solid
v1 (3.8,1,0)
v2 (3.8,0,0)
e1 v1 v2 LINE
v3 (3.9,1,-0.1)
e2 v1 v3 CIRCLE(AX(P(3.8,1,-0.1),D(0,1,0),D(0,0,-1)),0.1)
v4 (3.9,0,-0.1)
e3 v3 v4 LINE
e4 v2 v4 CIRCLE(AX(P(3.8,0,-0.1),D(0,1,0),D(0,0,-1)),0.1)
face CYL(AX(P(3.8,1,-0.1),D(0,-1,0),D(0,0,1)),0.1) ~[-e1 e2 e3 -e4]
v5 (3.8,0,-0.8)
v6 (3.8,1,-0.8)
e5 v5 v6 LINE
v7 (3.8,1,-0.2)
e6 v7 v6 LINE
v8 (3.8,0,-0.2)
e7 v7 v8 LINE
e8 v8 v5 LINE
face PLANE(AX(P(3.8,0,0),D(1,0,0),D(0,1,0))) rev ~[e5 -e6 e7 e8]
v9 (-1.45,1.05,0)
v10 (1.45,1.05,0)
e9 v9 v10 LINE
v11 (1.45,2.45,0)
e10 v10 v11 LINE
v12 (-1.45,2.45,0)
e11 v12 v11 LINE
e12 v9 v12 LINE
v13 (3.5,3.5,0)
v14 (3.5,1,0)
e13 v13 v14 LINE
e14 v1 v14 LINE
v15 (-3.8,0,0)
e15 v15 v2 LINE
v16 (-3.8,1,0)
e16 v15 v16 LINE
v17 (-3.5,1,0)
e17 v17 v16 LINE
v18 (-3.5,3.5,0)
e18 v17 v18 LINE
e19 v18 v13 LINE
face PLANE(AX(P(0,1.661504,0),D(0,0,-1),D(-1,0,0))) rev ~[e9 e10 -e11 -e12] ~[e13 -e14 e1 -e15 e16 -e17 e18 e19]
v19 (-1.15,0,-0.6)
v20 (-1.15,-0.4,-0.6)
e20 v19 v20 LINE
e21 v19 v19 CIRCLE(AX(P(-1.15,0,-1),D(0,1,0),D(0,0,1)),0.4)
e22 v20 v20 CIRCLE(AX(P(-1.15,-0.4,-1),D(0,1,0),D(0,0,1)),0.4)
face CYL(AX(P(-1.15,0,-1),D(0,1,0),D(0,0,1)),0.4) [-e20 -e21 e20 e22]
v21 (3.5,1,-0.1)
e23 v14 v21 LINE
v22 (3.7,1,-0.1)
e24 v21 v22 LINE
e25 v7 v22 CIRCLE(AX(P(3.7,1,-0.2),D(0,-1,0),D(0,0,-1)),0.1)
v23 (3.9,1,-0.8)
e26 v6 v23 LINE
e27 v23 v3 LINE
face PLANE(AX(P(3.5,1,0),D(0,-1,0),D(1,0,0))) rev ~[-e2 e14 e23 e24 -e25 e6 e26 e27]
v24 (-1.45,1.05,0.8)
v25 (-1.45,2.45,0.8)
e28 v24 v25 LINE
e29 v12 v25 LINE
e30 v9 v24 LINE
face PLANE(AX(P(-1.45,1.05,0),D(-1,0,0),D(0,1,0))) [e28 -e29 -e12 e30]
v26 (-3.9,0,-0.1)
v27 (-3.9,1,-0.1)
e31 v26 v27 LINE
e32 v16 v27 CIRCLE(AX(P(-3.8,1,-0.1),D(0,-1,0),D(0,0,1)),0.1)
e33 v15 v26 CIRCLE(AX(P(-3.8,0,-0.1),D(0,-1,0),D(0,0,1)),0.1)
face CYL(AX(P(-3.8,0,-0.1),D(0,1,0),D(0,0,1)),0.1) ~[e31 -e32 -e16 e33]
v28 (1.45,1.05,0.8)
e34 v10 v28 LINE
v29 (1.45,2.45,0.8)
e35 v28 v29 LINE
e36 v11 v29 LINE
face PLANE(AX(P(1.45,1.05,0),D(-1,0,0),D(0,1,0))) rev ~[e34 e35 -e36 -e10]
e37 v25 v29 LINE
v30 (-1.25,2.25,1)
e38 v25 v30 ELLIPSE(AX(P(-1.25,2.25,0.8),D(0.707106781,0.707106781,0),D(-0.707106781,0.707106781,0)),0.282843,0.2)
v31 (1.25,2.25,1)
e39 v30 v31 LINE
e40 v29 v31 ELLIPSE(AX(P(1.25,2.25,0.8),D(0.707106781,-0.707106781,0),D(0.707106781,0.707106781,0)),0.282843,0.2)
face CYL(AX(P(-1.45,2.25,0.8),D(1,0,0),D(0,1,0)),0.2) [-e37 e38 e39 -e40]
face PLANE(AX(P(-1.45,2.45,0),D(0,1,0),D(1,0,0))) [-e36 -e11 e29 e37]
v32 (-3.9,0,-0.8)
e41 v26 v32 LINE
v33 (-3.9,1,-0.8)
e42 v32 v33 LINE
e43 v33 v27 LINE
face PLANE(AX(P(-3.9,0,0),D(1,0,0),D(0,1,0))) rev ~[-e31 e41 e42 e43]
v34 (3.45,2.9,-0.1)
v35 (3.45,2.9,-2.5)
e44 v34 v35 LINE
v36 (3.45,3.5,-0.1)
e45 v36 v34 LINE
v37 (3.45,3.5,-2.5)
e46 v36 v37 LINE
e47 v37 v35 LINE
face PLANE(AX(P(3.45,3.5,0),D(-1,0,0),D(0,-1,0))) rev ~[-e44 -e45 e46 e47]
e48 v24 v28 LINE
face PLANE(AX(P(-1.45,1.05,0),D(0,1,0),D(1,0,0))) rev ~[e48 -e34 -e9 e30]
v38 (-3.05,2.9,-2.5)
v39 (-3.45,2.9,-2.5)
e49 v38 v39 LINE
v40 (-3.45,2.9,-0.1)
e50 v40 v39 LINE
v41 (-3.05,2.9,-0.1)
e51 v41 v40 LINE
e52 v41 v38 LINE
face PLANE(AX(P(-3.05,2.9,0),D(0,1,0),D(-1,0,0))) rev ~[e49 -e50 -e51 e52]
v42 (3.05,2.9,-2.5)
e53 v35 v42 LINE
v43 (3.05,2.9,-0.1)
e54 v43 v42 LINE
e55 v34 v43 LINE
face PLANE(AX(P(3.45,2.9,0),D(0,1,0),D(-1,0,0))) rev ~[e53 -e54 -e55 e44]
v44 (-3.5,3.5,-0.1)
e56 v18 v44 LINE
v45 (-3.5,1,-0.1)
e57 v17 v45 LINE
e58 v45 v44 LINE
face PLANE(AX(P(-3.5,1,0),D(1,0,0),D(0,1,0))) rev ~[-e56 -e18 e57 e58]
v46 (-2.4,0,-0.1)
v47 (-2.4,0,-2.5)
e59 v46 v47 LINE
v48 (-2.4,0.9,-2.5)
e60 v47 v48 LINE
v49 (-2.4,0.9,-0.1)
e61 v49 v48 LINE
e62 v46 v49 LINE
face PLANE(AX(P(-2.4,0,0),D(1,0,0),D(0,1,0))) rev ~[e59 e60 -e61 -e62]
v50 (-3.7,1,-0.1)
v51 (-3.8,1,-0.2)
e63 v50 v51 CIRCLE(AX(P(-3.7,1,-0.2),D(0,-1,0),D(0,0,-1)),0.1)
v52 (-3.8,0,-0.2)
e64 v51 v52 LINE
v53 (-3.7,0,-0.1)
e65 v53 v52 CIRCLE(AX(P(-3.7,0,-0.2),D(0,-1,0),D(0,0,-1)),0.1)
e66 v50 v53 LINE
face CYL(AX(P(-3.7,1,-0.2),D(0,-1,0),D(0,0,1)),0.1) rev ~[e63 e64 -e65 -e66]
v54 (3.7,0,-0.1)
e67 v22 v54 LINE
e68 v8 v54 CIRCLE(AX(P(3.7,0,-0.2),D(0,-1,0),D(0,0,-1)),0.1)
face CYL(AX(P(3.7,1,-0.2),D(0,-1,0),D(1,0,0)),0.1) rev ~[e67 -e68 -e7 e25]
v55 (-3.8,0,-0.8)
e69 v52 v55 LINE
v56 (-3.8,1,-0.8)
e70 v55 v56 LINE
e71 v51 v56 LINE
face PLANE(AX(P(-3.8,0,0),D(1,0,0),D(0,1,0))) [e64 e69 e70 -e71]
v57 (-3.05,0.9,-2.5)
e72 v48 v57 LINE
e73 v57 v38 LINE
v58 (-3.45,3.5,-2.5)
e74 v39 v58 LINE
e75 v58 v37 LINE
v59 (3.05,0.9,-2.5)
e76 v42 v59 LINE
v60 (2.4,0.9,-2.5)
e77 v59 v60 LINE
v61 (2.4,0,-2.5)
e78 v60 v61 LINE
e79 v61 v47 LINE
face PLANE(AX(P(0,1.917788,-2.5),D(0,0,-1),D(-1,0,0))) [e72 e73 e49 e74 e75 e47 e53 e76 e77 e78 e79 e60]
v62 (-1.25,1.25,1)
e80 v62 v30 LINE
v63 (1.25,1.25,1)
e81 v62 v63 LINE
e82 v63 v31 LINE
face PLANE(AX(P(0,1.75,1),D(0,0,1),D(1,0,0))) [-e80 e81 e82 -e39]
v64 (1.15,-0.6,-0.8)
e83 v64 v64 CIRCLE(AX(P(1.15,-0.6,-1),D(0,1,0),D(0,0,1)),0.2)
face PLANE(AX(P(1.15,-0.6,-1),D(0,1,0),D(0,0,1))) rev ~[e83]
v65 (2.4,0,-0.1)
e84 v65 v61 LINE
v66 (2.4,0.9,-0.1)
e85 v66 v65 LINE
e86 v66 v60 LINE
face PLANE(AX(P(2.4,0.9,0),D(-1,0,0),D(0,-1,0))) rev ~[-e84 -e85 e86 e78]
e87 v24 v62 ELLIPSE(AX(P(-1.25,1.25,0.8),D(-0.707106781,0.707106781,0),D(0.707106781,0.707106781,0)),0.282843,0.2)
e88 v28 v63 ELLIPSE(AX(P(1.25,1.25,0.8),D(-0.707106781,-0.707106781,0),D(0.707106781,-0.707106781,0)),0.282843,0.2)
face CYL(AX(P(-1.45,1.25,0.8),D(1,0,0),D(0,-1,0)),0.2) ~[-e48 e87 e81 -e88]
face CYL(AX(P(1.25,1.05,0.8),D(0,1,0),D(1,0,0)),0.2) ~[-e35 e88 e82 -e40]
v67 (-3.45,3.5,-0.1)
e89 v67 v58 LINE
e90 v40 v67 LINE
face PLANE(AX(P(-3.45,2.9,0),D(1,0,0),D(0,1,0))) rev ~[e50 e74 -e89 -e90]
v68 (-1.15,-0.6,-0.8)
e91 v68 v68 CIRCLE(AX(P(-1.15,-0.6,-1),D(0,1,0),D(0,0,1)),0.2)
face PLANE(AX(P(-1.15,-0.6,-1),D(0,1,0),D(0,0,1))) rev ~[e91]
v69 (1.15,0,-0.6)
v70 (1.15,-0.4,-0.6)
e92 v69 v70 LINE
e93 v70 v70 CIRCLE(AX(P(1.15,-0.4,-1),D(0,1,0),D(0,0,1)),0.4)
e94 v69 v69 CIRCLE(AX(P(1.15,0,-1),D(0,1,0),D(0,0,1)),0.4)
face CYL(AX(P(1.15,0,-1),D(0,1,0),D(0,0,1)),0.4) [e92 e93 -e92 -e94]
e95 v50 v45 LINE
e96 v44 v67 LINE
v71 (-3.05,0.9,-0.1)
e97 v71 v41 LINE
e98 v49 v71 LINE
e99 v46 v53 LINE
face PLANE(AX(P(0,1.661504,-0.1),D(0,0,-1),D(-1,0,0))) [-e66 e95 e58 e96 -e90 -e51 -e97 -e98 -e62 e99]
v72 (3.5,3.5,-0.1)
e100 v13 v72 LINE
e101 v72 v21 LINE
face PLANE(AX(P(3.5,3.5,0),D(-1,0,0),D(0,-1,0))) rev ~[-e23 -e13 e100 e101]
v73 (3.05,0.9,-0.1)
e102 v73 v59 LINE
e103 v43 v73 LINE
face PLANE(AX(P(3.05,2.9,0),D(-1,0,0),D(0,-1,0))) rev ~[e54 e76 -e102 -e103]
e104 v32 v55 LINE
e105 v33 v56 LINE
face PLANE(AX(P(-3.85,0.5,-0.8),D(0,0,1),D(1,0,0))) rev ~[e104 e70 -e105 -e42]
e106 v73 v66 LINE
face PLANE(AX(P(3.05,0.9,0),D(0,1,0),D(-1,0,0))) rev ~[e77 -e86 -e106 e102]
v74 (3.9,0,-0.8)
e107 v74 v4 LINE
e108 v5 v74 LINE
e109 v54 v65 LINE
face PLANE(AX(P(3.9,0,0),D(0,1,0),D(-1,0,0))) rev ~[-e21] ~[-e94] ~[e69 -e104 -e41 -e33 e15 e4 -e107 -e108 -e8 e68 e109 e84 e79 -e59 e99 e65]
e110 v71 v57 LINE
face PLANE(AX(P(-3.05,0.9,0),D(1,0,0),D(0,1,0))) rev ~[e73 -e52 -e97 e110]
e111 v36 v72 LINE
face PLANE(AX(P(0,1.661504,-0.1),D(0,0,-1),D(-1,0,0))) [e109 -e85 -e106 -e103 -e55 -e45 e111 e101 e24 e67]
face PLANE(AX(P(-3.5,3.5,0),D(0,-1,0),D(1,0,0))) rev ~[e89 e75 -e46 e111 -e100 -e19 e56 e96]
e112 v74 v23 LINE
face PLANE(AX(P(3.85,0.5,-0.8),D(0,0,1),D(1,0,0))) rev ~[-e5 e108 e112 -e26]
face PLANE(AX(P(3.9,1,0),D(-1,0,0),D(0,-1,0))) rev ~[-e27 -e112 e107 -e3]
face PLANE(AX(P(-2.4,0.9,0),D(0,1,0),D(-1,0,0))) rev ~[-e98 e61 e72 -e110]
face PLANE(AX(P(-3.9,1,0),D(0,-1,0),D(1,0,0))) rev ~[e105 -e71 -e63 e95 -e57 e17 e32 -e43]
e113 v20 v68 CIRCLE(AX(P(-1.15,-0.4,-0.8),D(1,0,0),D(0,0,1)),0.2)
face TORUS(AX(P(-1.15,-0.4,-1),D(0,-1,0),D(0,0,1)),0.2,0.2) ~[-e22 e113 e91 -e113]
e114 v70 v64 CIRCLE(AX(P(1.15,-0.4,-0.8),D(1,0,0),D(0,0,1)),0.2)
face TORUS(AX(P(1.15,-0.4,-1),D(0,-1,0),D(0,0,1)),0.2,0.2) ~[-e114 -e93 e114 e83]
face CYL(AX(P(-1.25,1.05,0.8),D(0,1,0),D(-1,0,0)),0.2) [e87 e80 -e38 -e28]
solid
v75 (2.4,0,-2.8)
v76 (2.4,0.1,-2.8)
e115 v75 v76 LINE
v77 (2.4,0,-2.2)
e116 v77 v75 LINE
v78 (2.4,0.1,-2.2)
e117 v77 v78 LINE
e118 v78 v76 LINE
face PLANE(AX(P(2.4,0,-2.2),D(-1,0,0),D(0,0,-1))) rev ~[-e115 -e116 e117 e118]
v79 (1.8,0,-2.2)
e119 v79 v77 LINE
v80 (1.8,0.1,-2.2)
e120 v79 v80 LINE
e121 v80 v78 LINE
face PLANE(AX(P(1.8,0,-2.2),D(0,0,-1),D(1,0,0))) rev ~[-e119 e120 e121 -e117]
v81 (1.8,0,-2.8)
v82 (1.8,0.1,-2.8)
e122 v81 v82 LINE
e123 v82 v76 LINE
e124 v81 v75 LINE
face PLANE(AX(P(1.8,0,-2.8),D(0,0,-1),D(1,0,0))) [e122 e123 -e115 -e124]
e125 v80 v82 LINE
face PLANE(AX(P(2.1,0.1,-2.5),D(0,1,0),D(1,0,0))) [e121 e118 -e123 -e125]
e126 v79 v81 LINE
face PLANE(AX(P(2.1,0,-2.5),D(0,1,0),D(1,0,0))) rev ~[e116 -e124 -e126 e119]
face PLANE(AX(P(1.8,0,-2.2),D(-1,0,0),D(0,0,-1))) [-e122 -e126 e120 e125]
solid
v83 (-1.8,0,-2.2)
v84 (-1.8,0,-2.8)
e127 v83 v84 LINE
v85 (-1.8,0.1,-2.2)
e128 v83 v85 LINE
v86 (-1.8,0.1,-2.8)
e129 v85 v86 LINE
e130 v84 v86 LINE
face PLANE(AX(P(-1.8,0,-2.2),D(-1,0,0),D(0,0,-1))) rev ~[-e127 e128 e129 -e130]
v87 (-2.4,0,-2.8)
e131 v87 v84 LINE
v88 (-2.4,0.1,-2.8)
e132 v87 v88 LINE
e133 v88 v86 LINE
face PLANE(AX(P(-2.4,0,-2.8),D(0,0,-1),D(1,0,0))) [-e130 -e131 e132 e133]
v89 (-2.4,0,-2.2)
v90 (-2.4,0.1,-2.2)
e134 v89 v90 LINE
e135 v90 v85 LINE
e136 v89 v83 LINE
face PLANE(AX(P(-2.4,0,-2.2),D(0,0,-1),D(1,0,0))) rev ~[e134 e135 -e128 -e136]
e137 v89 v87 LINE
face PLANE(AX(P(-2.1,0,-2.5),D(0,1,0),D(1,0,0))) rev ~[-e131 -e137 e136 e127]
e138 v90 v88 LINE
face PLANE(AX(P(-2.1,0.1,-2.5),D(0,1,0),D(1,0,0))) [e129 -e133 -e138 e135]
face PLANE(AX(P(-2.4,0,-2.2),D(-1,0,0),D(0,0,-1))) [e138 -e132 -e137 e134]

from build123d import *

# Parameters (mm, degrees)
EXTRUDE_1_DEPTH   = 2.5
EXTRUDE_2_DEPTH   = 0.1
SKETCH_3_W        = 0.1
SKETCH_3_H        = 1
EXTRUDE_3_DEPTH   = 0.8
FILLET_1_R        = 0.1
SKETCH_4_R        = 0.4
EXTRUDE_4_DEPTH   = 0.6
FILLET_2_R        = 0.2
SKETCH_5_W        = 0.6
SKETCH_5_H        = 0.6
EXTRUDE_5_DEPTH   = 0.1
EXTRUDE_5_2_DEPTH = 0.1
SKETCH_6_W        = 2.9
SKETCH_6_H        = 1.4
EXTRUDE_6_DEPTH   = 1
FILLET_3_R        = 0.2


with BuildPart() as part:
    # 스케치1 → 보스-돌출1 (new body)
    with BuildSketch(Plane.XY):
        Polygon((3.45, 2.9), (3.05, 2.9), (3.05, 0.9), (2.4, 0.9), (2.4, 0), (-2.4, 0), (-2.4, 0.9), (-3.05, 0.9), (-3.05, 2.9), (-3.45, 2.9), (-3.45, 3.5), (3.45, 3.5), align=None)
    extrude(amount=-EXTRUDE_1_DEPTH)

    # 스케치2 → 보스-돌출2 (add)
    with BuildSketch(Plane.XY):
        Polygon((-3.5, 1), (-3.5, 3.5), (3.5, 3.5), (3.5, 1), (3.9, 1), (3.9, 0), (-3.9, 0), (-3.9, 1), align=None)
    extrude(amount=-EXTRUDE_2_DEPTH)

    # 스케치3 → 보스-돌출3 (add)
    with BuildSketch(Plane.XY):
        with Locations((3.85, 0.5)):
            Rectangle(SKETCH_3_W, SKETCH_3_H)
        with Locations((-3.85, 0.5)):
            Rectangle(SKETCH_3_W, SKETCH_3_H)
    extrude(amount=-EXTRUDE_3_DEPTH)

    # 필렛1
    fillet_1_edges = [part.edges().sort_by_distance(p)[0] for p in [
        (3.9, 0.5, 0),
        (-3.9, 0.5, 0),
        (3.8, 0.5, -0.1),
        (-3.8, 0.5, -0.1),
    ]]
    fillet(fillet_1_edges, radius=FILLET_1_R)

    # 스케치4 → 보스-돌출4 (add)
    with BuildSketch(Plane(origin=(0, 0, 0), x_dir=(1, 0, 0), z_dir=(0, 1, 0))):
        with Locations(Location((-1.15, 1, 0), (0, 0, 270))):
            Circle(SKETCH_4_R)
        with Locations(Location((1.15, 1, 0), (0, 0, 270))):
            Circle(SKETCH_4_R)
    extrude(amount=-EXTRUDE_4_DEPTH)

    # 필렛2
    fillet_2_edges = [part.edges().sort_by_distance(p)[0] for p in [
        (-1.15, -0.6, -1.4),
        (1.15, -0.6, -1.4),
    ]]
    fillet(fillet_2_edges, radius=FILLET_2_R)

    # 스케치6 → 보스-돌출6 (add)
    with BuildSketch(Plane.XY):
        with Locations((0, 1.75)):
            Rectangle(SKETCH_6_W, SKETCH_6_H)
    extrude(amount=EXTRUDE_6_DEPTH)

    # 필렛3
    fillet_3_edges = [part.edges().sort_by_distance(p)[0] for p in [
        (-1.45, 1.75, 1),
        (0, 1.05, 1),
        (1.45, 1.75, 1),
        (0, 2.45, 1),
    ]]
    fillet(fillet_3_edges, radius=FILLET_3_R)


with BuildPart() as body_2:
    # 스케치5 → 보스-돌출5 (new body)
    with BuildSketch(Plane(origin=(0, 0, 0), x_dir=(1, 0, 0), z_dir=(0, 1, 0))):
        with Locations((-2.1, 2.5)):
            Rectangle(SKETCH_5_W, SKETCH_5_H)
    extrude(amount=EXTRUDE_5_DEPTH)


with BuildPart() as body_3:
    # 스케치5 → Extrude 5 2 (new body)
    with BuildSketch(Plane(origin=(0, 0, 0), x_dir=(1, 0, 0), z_dir=(0, 1, 0))):
        with Locations((2.1, 2.5)):
            Rectangle(SKETCH_5_W, SKETCH_5_H)
    extrude(amount=EXTRUDE_5_2_DEPTH)


solid = Compound([part.part, body_2.part, body_3.part])
